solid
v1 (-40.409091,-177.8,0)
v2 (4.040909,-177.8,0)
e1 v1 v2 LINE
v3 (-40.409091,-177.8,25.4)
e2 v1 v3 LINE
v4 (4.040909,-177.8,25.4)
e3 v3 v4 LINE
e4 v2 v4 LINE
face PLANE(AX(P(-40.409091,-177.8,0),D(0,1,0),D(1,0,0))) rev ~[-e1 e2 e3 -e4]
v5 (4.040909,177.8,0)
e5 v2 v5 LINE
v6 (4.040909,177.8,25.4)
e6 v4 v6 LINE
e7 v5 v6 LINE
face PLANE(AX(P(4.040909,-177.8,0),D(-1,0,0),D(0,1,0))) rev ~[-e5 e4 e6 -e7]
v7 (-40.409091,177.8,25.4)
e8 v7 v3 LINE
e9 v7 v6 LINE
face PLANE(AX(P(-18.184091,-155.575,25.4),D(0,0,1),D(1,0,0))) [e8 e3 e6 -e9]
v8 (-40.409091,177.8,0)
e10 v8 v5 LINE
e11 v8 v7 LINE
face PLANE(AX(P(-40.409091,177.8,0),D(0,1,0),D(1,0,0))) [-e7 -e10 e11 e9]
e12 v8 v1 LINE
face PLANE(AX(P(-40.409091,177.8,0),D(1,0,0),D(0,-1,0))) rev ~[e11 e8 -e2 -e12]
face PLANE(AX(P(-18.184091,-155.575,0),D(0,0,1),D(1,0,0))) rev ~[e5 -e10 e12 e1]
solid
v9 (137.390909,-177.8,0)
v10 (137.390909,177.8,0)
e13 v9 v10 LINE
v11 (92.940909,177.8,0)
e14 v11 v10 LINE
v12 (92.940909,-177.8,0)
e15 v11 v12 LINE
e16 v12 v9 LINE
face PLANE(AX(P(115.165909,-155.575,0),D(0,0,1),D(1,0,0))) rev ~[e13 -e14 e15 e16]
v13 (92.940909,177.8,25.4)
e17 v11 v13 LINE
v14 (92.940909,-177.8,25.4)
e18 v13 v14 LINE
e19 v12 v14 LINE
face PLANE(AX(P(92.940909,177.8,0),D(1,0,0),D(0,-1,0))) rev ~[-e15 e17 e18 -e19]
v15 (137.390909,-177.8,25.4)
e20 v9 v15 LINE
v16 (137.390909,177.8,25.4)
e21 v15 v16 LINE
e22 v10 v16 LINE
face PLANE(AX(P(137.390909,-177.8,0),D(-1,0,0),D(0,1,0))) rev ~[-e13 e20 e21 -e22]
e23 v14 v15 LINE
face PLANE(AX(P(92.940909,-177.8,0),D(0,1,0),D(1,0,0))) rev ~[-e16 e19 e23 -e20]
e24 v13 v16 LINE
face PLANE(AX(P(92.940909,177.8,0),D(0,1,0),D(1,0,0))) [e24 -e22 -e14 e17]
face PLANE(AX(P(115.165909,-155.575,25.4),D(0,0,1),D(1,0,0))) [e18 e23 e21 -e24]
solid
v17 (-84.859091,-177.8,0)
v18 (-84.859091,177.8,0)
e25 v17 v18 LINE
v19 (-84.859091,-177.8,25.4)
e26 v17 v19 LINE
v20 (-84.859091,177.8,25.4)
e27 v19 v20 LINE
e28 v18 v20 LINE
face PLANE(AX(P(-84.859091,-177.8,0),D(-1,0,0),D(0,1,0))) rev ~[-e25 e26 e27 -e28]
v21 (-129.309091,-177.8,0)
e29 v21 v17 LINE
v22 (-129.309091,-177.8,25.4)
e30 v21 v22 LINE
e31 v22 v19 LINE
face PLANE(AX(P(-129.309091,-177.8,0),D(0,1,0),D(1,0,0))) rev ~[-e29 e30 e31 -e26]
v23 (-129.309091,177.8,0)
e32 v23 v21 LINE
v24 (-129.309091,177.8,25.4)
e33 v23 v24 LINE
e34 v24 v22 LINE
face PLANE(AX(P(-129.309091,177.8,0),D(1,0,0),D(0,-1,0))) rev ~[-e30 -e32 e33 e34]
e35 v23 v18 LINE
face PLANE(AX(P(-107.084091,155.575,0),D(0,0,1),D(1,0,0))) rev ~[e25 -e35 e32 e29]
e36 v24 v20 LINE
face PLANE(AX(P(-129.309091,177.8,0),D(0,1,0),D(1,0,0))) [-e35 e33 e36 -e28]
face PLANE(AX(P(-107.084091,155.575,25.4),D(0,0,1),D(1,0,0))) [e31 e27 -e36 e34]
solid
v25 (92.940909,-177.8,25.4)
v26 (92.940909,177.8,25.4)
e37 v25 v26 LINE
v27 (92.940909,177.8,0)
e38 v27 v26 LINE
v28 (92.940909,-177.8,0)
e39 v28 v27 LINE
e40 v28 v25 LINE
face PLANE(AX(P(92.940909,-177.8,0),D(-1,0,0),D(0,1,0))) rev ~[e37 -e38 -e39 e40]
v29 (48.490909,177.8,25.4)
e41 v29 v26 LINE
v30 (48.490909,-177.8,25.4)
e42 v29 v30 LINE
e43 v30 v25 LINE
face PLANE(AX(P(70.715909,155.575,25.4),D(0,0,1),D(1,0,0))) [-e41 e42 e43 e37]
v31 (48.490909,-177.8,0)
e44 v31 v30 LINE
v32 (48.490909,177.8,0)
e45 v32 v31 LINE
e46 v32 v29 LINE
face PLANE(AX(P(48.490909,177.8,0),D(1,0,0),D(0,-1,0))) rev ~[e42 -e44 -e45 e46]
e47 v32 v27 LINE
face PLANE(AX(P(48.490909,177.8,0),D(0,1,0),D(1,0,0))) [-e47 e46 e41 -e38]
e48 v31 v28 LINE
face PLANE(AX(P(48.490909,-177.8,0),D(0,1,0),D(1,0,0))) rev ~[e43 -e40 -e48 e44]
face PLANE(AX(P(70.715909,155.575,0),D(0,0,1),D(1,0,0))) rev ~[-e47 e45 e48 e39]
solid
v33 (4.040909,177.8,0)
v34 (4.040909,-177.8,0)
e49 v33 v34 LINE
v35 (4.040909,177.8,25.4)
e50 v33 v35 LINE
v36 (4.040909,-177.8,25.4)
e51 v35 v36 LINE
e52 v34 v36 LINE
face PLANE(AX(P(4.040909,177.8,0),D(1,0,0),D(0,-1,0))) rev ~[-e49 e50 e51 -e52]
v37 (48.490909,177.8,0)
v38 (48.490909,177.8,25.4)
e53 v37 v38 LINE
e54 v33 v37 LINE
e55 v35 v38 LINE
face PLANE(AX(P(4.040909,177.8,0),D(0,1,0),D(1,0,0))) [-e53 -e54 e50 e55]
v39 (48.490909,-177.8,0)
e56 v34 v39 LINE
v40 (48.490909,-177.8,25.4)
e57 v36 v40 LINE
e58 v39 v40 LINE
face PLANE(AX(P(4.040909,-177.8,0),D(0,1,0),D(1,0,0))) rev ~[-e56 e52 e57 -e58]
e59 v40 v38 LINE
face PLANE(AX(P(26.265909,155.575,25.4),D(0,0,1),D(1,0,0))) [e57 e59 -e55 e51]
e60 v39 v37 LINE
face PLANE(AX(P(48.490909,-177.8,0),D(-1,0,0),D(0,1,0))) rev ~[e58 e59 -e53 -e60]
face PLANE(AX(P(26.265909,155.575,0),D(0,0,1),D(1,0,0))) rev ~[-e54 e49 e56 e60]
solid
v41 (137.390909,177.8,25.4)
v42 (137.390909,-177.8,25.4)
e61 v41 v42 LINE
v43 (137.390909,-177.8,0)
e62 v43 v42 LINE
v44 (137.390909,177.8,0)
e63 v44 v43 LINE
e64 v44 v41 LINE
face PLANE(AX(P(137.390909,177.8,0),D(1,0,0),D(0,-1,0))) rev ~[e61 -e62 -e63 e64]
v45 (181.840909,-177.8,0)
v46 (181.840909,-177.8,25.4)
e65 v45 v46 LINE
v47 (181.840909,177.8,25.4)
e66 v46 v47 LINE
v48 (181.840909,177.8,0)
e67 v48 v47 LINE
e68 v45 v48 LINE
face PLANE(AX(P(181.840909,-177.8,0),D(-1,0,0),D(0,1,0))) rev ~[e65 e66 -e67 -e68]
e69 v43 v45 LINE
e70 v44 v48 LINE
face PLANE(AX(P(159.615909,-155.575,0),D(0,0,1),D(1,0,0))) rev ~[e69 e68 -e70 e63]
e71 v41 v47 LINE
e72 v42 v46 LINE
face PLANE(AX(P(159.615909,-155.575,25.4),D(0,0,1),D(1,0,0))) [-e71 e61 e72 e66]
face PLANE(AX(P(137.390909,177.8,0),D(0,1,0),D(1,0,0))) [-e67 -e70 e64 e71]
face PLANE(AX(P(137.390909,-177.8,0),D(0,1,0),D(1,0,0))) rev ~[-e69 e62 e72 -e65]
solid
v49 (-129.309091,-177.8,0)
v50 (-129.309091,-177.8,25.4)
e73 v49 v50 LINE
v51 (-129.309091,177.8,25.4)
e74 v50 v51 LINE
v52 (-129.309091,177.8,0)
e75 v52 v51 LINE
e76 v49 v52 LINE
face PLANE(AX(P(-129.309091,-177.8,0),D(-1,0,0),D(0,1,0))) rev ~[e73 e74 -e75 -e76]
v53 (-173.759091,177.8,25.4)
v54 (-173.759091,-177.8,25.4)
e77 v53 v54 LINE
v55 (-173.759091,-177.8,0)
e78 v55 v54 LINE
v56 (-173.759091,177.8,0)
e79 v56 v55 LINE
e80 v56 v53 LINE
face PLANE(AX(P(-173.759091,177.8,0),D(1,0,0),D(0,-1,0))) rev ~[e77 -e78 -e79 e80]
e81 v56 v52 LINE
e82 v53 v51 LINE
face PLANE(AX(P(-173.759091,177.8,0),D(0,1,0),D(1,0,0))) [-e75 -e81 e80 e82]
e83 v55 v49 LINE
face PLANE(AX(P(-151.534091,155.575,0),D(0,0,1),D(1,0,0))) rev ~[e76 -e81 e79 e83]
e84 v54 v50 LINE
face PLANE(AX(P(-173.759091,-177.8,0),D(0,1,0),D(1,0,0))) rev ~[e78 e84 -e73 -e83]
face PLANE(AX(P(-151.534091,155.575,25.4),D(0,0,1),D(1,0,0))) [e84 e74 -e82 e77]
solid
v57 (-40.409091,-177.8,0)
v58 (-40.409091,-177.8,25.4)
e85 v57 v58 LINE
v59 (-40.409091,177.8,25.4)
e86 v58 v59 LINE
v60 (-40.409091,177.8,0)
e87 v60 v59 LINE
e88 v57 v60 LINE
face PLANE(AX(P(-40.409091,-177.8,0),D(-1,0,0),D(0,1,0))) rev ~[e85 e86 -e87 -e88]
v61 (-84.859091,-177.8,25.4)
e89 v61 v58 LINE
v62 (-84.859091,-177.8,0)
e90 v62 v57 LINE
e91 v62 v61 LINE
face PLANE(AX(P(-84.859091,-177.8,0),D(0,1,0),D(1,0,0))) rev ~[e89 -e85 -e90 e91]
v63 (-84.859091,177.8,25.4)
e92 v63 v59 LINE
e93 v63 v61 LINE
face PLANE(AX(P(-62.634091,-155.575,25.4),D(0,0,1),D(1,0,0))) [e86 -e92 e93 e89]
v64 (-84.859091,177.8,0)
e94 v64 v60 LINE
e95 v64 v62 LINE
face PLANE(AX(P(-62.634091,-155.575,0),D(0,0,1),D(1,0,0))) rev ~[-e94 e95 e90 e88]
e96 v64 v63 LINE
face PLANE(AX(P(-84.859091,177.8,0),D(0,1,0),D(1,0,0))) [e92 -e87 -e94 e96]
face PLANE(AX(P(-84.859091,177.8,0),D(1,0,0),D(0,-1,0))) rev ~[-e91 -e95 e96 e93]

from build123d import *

# Parameters (mm, degrees)
F0_W     = 44.45
F0_H     = 44.45
F1_DEPTH = 25.4
F2_DEPTH = 25.4


with BuildPart() as f1:
    # F0 (on Top) → F1 (new body)
    with BuildSketch(Plane.XY):
        with Locations((-151.5340909091, 155.575)):
            Rectangle(F0_W, F0_H)
        with Locations((-151.5340909091, 111.125)):
            Rectangle(F0_W, F0_H)
        with Locations((-151.5340909091, 66.675)):
            Rectangle(F0_W, F0_H)
        with Locations((-151.5340909091, -22.225)):
            Rectangle(F0_W, F0_H)
        with Locations((-151.5340909091, -66.675)):
            Rectangle(F0_W, F0_H)
        with Locations((-151.5340909091, 22.225)):
            Rectangle(F0_W, F0_H)
        with Locations((-151.5340909091, -111.125)):
            Rectangle(F0_W, F0_H)
        with Locations((-151.5340909091, -155.575)):
            Rectangle(F0_W, F0_H)
    extrude(amount=F1_DEPTH)


with BuildPart() as f1b:
    # F0 (on Top) → F1, piece 2 (new body)
    with BuildSketch(Plane.XY):
        with Locations((-62.6340909091, -155.575)):
            Rectangle(F0_W, F0_H)
        with Locations((-62.6340909091, -111.125)):
            Rectangle(F0_W, F0_H)
        with Locations((-62.6340909091, -66.675)):
            Rectangle(F0_W, F0_H)
        with Locations((-62.6340909091, -22.225)):
            Rectangle(F0_W, F0_H)
        with Locations((-62.6340909091, 22.225)):
            Rectangle(F0_W, F0_H)
        with Locations((-62.6340909091, 66.675)):
            Rectangle(F0_W, F0_H)
        with Locations((-62.6340909091, 111.125)):
            Rectangle(F0_W, F0_H)
        with Locations((-62.6340909091, 155.575)):
            Rectangle(F0_W, F0_H)
    extrude(amount=F1_DEPTH)


with BuildPart() as f1c:
    # F0 (on Top) → F1, piece 3 (new body)
    with BuildSketch(Plane.XY):
        with Locations((26.2659090909, 155.575)):
            Rectangle(F0_W, F0_H)
        with Locations((26.2659090909, 111.125)):
            Rectangle(F0_W, F0_H)
        with Locations((26.2659090909, 66.675)):
            Rectangle(F0_W, F0_H)
        with Locations((26.2659090909, 22.225)):
            Rectangle(F0_W, F0_H)
        with Locations((26.2659090909, -22.225)):
            Rectangle(F0_W, F0_H)
        with Locations((26.2659090909, -66.675)):
            Rectangle(F0_W, F0_H)
        with Locations((26.2659090909, -111.125)):
            Rectangle(F0_W, F0_H)
        with Locations((26.2659090909, -155.575)):
            Rectangle(F0_W, F0_H)
    extrude(amount=F1_DEPTH)


with BuildPart() as f1d:
    # F0 (on Top) → F1, piece 4 (new body)
    with BuildSketch(Plane.XY):
        with Locations((115.1659090909, -155.575)):
            Rectangle(F0_W, F0_H)
        with Locations((115.1659090909, -111.125)):
            Rectangle(F0_W, F0_H)
        with Locations((115.1659090909, -66.675)):
            Rectangle(F0_W, F0_H)
        with Locations((115.1659090909, -22.225)):
            Rectangle(F0_W, F0_H)
        with Locations((115.1659090909, 22.225)):
            Rectangle(F0_W, F0_H)
        with Locations((115.1659090909, 66.675)):
            Rectangle(F0_W, F0_H)
        with Locations((115.1659090909, 111.125)):
            Rectangle(F0_W, F0_H)
        with Locations((115.1659090909, 155.575)):
            Rectangle(F0_W, F0_H)
    extrude(amount=F1_DEPTH)


with BuildPart() as f2:
    # F0 (on Top) → F2 (new body)
    with BuildSketch(Plane.XY):
        with Locations((-107.0840909091, 155.575)):
            Rectangle(F0_W, F0_H)
        with Locations((-107.0840909091, 111.125)):
            Rectangle(F0_W, F0_H)
        with Locations((-107.0840909091, 66.675)):
            Rectangle(F0_W, F0_H)
        with Locations((-107.0840909091, 22.225)):
            Rectangle(F0_W, F0_H)
        with Locations((-107.0840909091, -22.225)):
            Rectangle(F0_W, F0_H)
        with Locations((-107.0840909091, -66.675)):
            Rectangle(F0_W, F0_H)
        with Locations((-107.0840909091, -111.125)):
            Rectangle(F0_W, F0_H)
        with Locations((-107.0840909091, -155.575)):
            Rectangle(F0_W, F0_H)
    extrude(amount=F2_DEPTH)


with BuildPart() as f2b:
    # F0 (on Top) → F2, piece 2 (new body)
    with BuildSketch(Plane.XY):
        with Locations((-18.1840909091, -155.575)):
            Rectangle(F0_W, F0_H)
        with Locations((-18.1840909091, -111.125)):
            Rectangle(F0_W, F0_H)
        with Locations((-18.1840909091, -66.675)):
            Rectangle(F0_W, F0_H)
        with Locations((-18.1840909091, -22.225)):
            Rectangle(F0_W, F0_H)
        with Locations((-18.1840909091, 22.225)):
            Rectangle(F0_W, F0_H)
        with Locations((-18.1840909091, 66.675)):
            Rectangle(F0_W, F0_H)
        with Locations((-18.1840909091, 111.125)):
            Rectangle(F0_W, F0_H)
        with Locations((-18.1840909091, 155.575)):
            Rectangle(F0_W, F0_H)
    extrude(amount=F2_DEPTH)


with BuildPart() as f2c:
    # F0 (on Top) → F2, piece 3 (new body)
    with BuildSketch(Plane.XY):
        with Locations((70.7159090909, 155.575)):
            Rectangle(F0_W, F0_H)
        with Locations((70.7159090909, 111.125)):
            Rectangle(F0_W, F0_H)
        with Locations((70.7159090909, 66.675)):
            Rectangle(F0_W, F0_H)
        with Locations((70.7159090909, 22.225)):
            Rectangle(F0_W, F0_H)
        with Locations((70.7159090909, -22.225)):
            Rectangle(F0_W, F0_H)
        with Locations((70.7159090909, -66.675)):
            Rectangle(F0_W, F0_H)
        with Locations((70.7159090909, -111.125)):
            Rectangle(F0_W, F0_H)
        with Locations((70.7159090909, -155.575)):
            Rectangle(F0_W, F0_H)
    extrude(amount=F2_DEPTH)


with BuildPart() as f2d:
    # F0 (on Top) → F2, piece 4 (new body)
    with BuildSketch(Plane.XY):
        with Locations((159.6159090909, -155.575)):
            Rectangle(F0_W, F0_H)
        with Locations((159.6159090909, -111.125)):
            Rectangle(F0_W, F0_H)
        with Locations((159.6159090909, -66.675)):
            Rectangle(F0_W, F0_H)
        with Locations((159.6159090909, -22.225)):
            Rectangle(F0_W, F0_H)
        with Locations((159.6159090909, 22.225)):
            Rectangle(F0_W, F0_H)
        with Locations((159.6159090909, 66.675)):
            Rectangle(F0_W, F0_H)
        with Locations((159.6159090909, 111.125)):
            Rectangle(F0_W, F0_H)
        with Locations((159.6159090909, 155.575)):
            Rectangle(F0_W, F0_H)
    extrude(amount=F2_DEPTH)


solid = Compound([f1.part, f1b.part, f1c.part, f1d.part, f2.part, f2b.part, f2c.part, f2d.part])
